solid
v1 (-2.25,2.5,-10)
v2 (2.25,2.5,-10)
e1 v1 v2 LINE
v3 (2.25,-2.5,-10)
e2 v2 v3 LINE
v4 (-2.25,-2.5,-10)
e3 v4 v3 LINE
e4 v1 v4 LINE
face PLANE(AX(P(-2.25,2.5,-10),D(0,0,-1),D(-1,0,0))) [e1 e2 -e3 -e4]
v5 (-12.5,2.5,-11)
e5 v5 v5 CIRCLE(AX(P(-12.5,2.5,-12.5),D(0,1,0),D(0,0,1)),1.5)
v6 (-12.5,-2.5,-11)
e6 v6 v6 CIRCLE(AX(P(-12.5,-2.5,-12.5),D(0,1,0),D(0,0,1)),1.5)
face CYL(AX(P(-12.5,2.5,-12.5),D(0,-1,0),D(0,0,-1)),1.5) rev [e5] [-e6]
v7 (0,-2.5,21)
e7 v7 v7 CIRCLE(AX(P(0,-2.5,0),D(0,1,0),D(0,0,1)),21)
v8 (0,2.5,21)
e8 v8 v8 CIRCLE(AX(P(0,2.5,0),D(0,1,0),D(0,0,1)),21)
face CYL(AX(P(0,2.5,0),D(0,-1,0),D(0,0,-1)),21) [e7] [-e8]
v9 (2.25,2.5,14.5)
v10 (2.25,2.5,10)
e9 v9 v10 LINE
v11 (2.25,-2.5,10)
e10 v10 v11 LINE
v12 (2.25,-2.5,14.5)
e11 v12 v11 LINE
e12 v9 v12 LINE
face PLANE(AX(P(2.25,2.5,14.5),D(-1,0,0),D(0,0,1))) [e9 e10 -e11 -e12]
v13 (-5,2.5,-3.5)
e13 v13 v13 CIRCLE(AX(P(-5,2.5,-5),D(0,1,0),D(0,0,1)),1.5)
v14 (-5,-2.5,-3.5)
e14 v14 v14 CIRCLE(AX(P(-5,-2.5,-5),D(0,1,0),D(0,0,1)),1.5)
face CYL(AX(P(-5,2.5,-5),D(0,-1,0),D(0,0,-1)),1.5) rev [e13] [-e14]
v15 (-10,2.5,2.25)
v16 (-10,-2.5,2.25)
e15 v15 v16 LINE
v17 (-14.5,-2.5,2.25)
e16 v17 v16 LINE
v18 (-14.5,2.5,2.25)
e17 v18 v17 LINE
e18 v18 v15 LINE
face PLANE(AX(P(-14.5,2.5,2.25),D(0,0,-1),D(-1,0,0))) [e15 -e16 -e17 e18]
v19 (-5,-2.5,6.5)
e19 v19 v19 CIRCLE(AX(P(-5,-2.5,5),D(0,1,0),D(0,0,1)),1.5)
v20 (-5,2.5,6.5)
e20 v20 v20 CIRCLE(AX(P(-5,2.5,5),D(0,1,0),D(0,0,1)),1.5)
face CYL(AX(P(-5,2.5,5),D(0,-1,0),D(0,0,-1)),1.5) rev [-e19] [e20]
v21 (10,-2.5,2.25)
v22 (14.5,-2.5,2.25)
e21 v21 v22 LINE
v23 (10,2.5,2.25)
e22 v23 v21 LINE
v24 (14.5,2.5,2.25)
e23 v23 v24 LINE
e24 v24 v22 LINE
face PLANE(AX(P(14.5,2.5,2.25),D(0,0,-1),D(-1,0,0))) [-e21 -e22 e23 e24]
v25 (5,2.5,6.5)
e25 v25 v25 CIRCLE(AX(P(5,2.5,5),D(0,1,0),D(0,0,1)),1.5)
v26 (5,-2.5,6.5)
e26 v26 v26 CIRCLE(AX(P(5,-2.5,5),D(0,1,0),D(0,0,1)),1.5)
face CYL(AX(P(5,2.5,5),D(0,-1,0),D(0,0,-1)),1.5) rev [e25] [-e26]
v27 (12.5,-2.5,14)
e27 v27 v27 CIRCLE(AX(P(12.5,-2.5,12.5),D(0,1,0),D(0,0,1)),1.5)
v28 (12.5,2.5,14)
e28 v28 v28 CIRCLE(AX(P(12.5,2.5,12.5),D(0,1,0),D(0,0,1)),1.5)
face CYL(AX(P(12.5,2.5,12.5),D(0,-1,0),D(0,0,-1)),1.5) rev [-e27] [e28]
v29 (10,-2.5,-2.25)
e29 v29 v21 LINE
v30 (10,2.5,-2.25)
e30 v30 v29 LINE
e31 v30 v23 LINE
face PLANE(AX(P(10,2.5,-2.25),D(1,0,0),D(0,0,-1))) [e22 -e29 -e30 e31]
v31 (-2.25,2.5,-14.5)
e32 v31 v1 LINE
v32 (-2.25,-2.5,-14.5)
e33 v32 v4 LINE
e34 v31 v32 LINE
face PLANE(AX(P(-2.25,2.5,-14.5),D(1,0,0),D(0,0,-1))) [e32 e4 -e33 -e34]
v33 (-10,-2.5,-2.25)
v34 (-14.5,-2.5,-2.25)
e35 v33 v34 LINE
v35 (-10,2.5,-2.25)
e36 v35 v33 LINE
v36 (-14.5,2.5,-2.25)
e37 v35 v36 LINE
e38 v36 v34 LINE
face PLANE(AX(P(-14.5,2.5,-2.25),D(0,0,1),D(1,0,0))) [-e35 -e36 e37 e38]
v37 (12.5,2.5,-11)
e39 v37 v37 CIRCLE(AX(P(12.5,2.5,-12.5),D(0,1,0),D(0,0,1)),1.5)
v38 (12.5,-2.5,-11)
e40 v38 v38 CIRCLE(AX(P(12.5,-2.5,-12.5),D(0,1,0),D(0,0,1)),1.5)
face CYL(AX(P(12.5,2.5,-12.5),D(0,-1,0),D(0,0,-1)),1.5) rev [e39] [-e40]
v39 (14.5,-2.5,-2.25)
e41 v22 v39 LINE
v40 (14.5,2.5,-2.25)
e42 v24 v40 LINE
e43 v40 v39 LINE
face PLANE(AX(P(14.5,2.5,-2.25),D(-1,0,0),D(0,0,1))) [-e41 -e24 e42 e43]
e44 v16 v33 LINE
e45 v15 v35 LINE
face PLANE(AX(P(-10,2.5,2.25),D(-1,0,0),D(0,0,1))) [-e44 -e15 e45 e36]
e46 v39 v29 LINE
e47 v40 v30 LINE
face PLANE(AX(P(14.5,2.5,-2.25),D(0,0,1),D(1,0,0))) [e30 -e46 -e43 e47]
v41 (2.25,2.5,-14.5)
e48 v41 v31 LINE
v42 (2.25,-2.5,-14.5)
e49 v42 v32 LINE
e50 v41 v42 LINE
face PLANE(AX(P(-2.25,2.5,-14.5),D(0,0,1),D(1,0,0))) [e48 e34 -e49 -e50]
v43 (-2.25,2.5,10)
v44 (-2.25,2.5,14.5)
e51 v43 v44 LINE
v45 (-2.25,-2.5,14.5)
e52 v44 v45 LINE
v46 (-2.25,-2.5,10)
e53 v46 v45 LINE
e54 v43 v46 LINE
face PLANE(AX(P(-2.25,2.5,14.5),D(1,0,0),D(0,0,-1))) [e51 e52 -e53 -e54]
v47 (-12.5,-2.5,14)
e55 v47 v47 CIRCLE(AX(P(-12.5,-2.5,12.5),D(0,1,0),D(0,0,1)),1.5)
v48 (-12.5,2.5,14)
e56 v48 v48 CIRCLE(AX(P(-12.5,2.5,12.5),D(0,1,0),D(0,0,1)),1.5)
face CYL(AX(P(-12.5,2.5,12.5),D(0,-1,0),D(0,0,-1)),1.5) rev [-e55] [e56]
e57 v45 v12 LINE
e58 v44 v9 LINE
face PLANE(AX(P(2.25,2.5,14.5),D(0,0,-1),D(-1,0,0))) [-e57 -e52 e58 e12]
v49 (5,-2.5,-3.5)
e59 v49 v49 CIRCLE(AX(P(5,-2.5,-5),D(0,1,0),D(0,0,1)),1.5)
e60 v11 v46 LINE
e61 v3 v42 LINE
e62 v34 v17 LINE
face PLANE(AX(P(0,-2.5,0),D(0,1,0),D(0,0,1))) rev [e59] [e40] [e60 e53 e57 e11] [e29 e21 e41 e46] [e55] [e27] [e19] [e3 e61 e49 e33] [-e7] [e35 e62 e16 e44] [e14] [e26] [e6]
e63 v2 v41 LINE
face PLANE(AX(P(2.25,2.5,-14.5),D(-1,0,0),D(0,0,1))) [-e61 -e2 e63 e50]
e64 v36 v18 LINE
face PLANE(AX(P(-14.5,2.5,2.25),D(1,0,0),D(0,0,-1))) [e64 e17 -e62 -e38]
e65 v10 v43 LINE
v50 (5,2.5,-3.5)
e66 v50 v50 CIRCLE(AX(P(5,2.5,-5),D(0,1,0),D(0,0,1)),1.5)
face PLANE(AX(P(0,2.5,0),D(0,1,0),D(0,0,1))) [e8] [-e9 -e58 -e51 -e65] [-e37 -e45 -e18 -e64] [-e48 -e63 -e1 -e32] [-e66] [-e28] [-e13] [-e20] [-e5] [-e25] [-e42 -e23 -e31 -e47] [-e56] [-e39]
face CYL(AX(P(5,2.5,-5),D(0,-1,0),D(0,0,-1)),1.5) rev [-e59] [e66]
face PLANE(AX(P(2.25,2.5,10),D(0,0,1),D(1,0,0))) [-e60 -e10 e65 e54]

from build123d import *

# Parameters (mm, degrees)
SKETCH1_R           = 21
SKETCH1_R_2         = 1.5
SKETCH1_W           = 4.5
SKETCH1_H           = 4.5
BOSS_EXTRUDE1_DEPTH = 2.5


with BuildPart() as part:
    # Sketch1 → Boss-Extrude1 (new body, symmetric)
    with BuildSketch(Plane(origin=(0, 0, 0), x_dir=(1, 0, 0), z_dir=(0, 1, 0))):
        Circle(SKETCH1_R)
        with Locations((5, 5)):
            Circle(SKETCH1_R_2, mode=Mode.SUBTRACT)
        with Locations((-5, 5)):
            Circle(SKETCH1_R_2, mode=Mode.SUBTRACT)
        with Locations((5, -5)):
            Circle(SKETCH1_R_2, mode=Mode.SUBTRACT)
        with Locations((-5, -5)):
            Circle(SKETCH1_R_2, mode=Mode.SUBTRACT)
        with Locations((-12.5, 12.5)):
            Circle(SKETCH1_R_2, mode=Mode.SUBTRACT)
        with Locations((12.5, 12.5)):
            Circle(SKETCH1_R_2, mode=Mode.SUBTRACT)
        with Locations((12.5, -12.5)):
            Circle(SKETCH1_R_2, mode=Mode.SUBTRACT)
        with Locations((-12.5, -12.5)):
            Circle(SKETCH1_R_2, mode=Mode.SUBTRACT)
        with Locations((12.25, 0)):
            Rectangle(SKETCH1_W, SKETCH1_H, mode=Mode.SUBTRACT)
        with Locations((0, -12.25)):
            Rectangle(SKETCH1_W, SKETCH1_H, mode=Mode.SUBTRACT)
        with Locations((0, 12.25)):
            Rectangle(SKETCH1_W, SKETCH1_H, mode=Mode.SUBTRACT)
        with Locations((-12.25, 0)):
            Rectangle(SKETCH1_W, SKETCH1_H, mode=Mode.SUBTRACT)
    extrude(amount=BOSS_EXTRUDE1_DEPTH, both=True)


solid = part.part
